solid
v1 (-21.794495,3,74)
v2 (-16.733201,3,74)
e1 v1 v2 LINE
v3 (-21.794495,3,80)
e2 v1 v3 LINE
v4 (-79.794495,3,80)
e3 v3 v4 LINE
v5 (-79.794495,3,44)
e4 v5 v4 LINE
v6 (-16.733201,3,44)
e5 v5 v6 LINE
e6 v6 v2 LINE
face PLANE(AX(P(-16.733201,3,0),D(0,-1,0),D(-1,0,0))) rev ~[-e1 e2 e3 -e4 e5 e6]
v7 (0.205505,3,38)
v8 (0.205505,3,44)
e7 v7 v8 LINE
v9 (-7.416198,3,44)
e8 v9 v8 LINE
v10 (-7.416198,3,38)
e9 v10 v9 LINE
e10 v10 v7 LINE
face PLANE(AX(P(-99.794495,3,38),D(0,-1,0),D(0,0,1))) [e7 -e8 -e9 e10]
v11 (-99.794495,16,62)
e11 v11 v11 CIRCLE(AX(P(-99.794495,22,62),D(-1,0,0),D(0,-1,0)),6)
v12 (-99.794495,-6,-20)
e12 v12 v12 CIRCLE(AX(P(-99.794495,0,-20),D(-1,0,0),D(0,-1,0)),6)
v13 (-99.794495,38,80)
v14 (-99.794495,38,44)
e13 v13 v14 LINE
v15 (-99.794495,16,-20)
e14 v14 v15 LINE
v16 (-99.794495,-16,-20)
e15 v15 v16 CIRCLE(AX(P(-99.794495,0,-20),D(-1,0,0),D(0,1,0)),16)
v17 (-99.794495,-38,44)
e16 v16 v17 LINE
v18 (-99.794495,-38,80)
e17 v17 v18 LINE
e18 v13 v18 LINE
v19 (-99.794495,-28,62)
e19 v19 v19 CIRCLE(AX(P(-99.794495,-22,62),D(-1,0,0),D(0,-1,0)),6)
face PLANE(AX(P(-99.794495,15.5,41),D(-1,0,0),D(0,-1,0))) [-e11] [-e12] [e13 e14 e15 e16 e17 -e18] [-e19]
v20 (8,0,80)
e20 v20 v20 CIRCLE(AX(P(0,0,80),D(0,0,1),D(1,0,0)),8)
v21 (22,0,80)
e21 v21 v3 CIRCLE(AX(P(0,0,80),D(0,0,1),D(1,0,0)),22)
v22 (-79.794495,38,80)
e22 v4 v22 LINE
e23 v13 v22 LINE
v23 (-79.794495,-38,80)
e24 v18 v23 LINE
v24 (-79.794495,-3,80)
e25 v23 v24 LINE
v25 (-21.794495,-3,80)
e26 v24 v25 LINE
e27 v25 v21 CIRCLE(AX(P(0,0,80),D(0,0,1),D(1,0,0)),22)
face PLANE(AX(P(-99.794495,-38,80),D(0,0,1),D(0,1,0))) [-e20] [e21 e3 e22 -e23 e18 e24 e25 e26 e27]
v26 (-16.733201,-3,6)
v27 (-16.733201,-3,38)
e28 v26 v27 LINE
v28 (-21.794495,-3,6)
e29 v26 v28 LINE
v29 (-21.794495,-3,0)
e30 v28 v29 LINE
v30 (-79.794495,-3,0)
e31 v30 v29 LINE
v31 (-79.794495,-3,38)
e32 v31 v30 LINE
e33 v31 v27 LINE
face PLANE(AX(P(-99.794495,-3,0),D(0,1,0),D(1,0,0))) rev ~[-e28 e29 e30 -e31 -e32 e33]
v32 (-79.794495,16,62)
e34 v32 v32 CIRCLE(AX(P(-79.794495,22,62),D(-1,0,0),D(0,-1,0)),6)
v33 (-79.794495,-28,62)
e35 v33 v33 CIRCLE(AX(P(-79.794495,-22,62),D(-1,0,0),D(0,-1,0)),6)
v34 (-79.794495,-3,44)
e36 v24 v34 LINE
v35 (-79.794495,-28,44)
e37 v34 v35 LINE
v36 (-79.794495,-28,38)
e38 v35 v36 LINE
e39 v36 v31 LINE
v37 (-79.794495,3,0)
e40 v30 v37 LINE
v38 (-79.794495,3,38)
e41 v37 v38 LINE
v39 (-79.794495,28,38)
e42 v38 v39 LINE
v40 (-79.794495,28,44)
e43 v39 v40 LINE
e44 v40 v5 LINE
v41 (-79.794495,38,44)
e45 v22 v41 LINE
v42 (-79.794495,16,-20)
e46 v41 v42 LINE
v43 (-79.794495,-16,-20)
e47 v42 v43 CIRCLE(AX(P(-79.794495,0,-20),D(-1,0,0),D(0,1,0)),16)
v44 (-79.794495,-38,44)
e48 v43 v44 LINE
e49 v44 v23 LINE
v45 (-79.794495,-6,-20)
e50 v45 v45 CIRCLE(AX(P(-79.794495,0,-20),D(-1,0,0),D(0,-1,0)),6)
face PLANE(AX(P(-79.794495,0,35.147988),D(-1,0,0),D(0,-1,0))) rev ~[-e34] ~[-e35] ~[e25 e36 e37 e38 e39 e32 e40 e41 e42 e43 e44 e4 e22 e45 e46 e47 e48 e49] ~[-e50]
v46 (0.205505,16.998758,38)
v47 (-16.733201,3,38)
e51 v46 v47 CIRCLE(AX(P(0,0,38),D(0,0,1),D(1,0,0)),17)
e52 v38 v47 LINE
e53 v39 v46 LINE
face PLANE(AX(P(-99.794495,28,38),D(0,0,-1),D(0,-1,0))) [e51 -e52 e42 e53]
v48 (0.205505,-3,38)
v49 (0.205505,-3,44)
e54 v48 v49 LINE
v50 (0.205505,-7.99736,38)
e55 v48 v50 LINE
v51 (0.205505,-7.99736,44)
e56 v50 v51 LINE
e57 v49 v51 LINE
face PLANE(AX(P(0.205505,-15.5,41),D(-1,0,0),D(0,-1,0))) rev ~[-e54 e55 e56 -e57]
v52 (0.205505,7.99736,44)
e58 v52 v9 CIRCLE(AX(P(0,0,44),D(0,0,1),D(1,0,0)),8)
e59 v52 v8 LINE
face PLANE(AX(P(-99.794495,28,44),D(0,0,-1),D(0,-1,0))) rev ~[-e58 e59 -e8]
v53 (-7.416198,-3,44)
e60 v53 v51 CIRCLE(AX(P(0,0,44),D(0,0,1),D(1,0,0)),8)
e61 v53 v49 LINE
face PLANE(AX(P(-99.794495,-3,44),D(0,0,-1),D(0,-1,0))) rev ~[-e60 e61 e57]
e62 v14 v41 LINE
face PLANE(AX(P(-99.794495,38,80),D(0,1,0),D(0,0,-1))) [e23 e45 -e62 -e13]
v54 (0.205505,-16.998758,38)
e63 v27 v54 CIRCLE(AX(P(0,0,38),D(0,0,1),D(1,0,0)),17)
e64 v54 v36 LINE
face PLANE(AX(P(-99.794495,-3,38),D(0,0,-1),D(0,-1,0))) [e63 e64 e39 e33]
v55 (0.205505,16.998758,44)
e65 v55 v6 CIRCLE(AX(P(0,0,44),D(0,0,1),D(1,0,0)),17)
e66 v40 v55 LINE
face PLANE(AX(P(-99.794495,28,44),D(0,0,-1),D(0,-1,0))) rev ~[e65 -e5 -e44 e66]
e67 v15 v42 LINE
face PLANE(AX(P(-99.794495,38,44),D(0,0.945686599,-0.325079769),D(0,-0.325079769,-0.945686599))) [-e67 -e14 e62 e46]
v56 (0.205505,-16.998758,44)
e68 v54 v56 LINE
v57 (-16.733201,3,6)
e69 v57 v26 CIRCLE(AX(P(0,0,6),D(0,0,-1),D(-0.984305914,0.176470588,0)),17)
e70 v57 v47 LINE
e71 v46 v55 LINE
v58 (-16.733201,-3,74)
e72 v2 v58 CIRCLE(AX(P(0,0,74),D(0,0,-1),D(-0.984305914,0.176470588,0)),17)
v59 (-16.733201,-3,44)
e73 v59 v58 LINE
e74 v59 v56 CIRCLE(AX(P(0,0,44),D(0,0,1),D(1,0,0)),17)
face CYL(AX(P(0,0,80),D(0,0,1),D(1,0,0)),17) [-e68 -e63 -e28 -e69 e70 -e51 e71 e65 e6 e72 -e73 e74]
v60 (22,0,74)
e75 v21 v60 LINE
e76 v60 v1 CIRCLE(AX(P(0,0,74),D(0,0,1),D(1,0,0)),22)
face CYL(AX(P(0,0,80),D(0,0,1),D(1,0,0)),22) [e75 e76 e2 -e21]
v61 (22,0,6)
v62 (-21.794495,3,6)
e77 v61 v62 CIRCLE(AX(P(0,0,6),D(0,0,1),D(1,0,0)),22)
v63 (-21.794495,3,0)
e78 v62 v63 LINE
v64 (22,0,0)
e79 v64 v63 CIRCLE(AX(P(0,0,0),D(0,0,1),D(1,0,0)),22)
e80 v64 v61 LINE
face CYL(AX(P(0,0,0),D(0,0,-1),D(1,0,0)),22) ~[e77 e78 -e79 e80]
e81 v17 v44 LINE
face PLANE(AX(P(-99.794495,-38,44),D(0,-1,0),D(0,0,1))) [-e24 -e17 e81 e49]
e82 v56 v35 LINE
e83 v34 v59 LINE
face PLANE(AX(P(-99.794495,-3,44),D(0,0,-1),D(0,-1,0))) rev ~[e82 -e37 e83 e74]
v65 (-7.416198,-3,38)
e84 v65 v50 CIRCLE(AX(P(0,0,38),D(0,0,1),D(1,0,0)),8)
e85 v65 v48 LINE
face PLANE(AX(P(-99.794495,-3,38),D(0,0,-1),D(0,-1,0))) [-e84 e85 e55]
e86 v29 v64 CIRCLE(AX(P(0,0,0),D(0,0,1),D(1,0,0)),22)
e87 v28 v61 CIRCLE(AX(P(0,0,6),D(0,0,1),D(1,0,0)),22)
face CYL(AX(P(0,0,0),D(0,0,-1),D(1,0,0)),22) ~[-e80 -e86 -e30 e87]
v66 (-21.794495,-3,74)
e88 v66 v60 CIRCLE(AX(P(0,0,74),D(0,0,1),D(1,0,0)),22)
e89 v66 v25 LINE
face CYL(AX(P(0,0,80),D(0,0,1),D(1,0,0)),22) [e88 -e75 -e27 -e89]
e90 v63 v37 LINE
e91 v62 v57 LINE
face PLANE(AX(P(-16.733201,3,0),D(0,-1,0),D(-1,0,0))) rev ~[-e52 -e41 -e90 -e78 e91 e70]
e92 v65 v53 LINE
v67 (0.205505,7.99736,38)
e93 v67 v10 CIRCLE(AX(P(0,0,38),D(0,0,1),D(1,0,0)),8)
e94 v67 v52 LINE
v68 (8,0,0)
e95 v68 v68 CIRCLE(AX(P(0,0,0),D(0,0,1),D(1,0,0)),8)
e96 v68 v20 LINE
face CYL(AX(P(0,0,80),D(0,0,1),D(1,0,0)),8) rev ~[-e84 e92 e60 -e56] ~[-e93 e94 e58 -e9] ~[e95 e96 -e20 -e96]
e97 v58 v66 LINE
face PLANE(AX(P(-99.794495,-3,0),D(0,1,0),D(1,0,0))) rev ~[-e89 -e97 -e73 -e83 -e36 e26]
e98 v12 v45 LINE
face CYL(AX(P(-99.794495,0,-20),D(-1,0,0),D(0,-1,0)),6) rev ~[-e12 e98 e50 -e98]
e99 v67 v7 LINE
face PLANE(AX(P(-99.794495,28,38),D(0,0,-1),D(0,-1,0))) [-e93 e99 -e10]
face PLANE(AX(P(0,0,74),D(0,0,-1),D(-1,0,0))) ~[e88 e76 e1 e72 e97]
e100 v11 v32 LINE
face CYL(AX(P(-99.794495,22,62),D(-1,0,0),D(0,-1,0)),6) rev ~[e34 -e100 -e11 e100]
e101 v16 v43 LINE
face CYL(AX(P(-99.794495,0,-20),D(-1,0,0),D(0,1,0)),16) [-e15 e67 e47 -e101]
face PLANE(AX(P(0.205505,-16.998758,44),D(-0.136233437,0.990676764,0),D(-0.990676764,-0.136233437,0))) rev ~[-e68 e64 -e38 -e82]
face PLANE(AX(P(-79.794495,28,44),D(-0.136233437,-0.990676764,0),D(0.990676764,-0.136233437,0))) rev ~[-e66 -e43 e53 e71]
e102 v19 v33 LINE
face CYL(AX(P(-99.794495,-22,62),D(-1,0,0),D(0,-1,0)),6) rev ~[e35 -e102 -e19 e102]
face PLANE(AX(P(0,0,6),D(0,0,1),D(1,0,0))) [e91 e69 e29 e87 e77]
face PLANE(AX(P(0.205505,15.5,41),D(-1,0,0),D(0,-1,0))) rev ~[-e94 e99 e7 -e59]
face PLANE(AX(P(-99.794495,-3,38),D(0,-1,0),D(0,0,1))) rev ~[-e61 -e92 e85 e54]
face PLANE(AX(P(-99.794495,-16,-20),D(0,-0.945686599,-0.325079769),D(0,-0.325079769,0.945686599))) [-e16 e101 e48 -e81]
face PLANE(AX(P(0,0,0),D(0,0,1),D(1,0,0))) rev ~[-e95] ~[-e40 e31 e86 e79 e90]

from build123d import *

# Parameters (mm, degrees)
F0_R      = 22
F0_R_2    = 17
F1_DEPTH  = 6
F0_R_3    = 8
F2_DEPTH  = 40
F6_DEPTH  = 80
F7_R      = 6
F8_DEPTH  = 20
F9_W      = 25
F9_H      = 6
F10_DEPTH = 100
F12_DEPTH = 6
F14_DEPTH = 6


with BuildPart() as f1:
    # F0 (on Top) → F1 (new body)
    with BuildSketch(Plane.XY):
        Circle(F0_R)
        Circle(F0_R_2, mode=Mode.SUBTRACT)
    extrude(amount=F1_DEPTH)

    # F0 (on Top) → F2 (join)
    with BuildSketch(Plane.XY):
        Circle(F0_R_2)
        Circle(F0_R_3, mode=Mode.SUBTRACT)
    extrude(amount=F2_DEPTH)


with BuildPart() as f3_1:
    # F3: instance of F1
    add(f1.part.mirror(Plane.XY.offset(40)))


with BuildPart() as f1_1:
    add(f1.part)

    # F5: union F3_1
    add(f3_1.part)

    # F4 (on Top) → F6 (join, through all)
    with BuildSketch(Plane.XY):
        Polygon((-16.7332005307, 3), (-21.7944947177, 3), (-99.7944947177, 3), (-99.7944947177, -3), (-21.7944947177, -3), (-16.7332005307, -3), align=None)
    extrude(amount=F6_DEPTH)

    # F7 (on face) → F8 (join)
    with BuildSketch(Plane(origin=(-99.7944947177, 0, 0), x_dir=(0, -1, 0), z_dir=(-1, 0, 0))):
        with BuildLine():
            Line((38, 80), (3, 80))
            Line((3, 80), (3, 44))
            Line((3, 44), (28, 44))
            Line((28, 44), (28, 38))
            Line((28, 38), (3, 38))
            Line((3, 38), (3, 0))
            Line((3, 0), (-3, 0))
            Line((-3, 0), (-3, 38))
            Line((-3, 38), (-28, 38))
            Line((-28, 38), (-28, 44))
            Line((-28, 44), (-3, 44))
            Line((-3, 44), (-3, 80))
            Line((-3, 80), (-38, 80))
            Line((-38, 80), (-38, 44))
            Line((-38, 44), (-16, -20))
            ThreePointArc((-16, -20), (0, -36), (16, -20))
            Line((16, -20), (38, 44))
            Line((38, 44), (38, 80))
        make_face()
        with Locations((0, -20)):
            Circle(F7_R, mode=Mode.SUBTRACT)
        with Locations((-22, 62)):
            Circle(F7_R, mode=Mode.SUBTRACT)
        with Locations((22, 62)):
            Circle(F7_R, mode=Mode.SUBTRACT)
    extrude(amount=-F8_DEPTH)

    # F9 (on face) → F10 (join)
    with BuildSketch(Plane(origin=(-99.7944947177, 0, 0), x_dir=(0, -1, 0), z_dir=(-1, 0, 0))):
        with Locations((-15.5, 41)):
            Rectangle(F9_W, F9_H)
        with Locations((15.5, 41)):
            Rectangle(F9_W, F9_H)
    extrude(amount=-F10_DEPTH)

    # F11 (on face) → F12 (cut, through all)
    with BuildSketch(Plane.XY.offset(44)):
        Polygon((0.2055052823, -16.9987578246), (-79.7944947177, -28), (0.2055052823, -28), align=None)
    extrude(amount=-F12_DEPTH, mode=Mode.SUBTRACT)

    # F13 (on face) → F14 (cut, through all)
    with BuildSketch(Plane.XY.offset(44)):
        Polygon((0.2055052823, 28), (-79.7944947177, 28), (0.2055052823, 16.9987578246), align=None)
    extrude(amount=-F14_DEPTH, mode=Mode.SUBTRACT)


solid = f1_1.part
